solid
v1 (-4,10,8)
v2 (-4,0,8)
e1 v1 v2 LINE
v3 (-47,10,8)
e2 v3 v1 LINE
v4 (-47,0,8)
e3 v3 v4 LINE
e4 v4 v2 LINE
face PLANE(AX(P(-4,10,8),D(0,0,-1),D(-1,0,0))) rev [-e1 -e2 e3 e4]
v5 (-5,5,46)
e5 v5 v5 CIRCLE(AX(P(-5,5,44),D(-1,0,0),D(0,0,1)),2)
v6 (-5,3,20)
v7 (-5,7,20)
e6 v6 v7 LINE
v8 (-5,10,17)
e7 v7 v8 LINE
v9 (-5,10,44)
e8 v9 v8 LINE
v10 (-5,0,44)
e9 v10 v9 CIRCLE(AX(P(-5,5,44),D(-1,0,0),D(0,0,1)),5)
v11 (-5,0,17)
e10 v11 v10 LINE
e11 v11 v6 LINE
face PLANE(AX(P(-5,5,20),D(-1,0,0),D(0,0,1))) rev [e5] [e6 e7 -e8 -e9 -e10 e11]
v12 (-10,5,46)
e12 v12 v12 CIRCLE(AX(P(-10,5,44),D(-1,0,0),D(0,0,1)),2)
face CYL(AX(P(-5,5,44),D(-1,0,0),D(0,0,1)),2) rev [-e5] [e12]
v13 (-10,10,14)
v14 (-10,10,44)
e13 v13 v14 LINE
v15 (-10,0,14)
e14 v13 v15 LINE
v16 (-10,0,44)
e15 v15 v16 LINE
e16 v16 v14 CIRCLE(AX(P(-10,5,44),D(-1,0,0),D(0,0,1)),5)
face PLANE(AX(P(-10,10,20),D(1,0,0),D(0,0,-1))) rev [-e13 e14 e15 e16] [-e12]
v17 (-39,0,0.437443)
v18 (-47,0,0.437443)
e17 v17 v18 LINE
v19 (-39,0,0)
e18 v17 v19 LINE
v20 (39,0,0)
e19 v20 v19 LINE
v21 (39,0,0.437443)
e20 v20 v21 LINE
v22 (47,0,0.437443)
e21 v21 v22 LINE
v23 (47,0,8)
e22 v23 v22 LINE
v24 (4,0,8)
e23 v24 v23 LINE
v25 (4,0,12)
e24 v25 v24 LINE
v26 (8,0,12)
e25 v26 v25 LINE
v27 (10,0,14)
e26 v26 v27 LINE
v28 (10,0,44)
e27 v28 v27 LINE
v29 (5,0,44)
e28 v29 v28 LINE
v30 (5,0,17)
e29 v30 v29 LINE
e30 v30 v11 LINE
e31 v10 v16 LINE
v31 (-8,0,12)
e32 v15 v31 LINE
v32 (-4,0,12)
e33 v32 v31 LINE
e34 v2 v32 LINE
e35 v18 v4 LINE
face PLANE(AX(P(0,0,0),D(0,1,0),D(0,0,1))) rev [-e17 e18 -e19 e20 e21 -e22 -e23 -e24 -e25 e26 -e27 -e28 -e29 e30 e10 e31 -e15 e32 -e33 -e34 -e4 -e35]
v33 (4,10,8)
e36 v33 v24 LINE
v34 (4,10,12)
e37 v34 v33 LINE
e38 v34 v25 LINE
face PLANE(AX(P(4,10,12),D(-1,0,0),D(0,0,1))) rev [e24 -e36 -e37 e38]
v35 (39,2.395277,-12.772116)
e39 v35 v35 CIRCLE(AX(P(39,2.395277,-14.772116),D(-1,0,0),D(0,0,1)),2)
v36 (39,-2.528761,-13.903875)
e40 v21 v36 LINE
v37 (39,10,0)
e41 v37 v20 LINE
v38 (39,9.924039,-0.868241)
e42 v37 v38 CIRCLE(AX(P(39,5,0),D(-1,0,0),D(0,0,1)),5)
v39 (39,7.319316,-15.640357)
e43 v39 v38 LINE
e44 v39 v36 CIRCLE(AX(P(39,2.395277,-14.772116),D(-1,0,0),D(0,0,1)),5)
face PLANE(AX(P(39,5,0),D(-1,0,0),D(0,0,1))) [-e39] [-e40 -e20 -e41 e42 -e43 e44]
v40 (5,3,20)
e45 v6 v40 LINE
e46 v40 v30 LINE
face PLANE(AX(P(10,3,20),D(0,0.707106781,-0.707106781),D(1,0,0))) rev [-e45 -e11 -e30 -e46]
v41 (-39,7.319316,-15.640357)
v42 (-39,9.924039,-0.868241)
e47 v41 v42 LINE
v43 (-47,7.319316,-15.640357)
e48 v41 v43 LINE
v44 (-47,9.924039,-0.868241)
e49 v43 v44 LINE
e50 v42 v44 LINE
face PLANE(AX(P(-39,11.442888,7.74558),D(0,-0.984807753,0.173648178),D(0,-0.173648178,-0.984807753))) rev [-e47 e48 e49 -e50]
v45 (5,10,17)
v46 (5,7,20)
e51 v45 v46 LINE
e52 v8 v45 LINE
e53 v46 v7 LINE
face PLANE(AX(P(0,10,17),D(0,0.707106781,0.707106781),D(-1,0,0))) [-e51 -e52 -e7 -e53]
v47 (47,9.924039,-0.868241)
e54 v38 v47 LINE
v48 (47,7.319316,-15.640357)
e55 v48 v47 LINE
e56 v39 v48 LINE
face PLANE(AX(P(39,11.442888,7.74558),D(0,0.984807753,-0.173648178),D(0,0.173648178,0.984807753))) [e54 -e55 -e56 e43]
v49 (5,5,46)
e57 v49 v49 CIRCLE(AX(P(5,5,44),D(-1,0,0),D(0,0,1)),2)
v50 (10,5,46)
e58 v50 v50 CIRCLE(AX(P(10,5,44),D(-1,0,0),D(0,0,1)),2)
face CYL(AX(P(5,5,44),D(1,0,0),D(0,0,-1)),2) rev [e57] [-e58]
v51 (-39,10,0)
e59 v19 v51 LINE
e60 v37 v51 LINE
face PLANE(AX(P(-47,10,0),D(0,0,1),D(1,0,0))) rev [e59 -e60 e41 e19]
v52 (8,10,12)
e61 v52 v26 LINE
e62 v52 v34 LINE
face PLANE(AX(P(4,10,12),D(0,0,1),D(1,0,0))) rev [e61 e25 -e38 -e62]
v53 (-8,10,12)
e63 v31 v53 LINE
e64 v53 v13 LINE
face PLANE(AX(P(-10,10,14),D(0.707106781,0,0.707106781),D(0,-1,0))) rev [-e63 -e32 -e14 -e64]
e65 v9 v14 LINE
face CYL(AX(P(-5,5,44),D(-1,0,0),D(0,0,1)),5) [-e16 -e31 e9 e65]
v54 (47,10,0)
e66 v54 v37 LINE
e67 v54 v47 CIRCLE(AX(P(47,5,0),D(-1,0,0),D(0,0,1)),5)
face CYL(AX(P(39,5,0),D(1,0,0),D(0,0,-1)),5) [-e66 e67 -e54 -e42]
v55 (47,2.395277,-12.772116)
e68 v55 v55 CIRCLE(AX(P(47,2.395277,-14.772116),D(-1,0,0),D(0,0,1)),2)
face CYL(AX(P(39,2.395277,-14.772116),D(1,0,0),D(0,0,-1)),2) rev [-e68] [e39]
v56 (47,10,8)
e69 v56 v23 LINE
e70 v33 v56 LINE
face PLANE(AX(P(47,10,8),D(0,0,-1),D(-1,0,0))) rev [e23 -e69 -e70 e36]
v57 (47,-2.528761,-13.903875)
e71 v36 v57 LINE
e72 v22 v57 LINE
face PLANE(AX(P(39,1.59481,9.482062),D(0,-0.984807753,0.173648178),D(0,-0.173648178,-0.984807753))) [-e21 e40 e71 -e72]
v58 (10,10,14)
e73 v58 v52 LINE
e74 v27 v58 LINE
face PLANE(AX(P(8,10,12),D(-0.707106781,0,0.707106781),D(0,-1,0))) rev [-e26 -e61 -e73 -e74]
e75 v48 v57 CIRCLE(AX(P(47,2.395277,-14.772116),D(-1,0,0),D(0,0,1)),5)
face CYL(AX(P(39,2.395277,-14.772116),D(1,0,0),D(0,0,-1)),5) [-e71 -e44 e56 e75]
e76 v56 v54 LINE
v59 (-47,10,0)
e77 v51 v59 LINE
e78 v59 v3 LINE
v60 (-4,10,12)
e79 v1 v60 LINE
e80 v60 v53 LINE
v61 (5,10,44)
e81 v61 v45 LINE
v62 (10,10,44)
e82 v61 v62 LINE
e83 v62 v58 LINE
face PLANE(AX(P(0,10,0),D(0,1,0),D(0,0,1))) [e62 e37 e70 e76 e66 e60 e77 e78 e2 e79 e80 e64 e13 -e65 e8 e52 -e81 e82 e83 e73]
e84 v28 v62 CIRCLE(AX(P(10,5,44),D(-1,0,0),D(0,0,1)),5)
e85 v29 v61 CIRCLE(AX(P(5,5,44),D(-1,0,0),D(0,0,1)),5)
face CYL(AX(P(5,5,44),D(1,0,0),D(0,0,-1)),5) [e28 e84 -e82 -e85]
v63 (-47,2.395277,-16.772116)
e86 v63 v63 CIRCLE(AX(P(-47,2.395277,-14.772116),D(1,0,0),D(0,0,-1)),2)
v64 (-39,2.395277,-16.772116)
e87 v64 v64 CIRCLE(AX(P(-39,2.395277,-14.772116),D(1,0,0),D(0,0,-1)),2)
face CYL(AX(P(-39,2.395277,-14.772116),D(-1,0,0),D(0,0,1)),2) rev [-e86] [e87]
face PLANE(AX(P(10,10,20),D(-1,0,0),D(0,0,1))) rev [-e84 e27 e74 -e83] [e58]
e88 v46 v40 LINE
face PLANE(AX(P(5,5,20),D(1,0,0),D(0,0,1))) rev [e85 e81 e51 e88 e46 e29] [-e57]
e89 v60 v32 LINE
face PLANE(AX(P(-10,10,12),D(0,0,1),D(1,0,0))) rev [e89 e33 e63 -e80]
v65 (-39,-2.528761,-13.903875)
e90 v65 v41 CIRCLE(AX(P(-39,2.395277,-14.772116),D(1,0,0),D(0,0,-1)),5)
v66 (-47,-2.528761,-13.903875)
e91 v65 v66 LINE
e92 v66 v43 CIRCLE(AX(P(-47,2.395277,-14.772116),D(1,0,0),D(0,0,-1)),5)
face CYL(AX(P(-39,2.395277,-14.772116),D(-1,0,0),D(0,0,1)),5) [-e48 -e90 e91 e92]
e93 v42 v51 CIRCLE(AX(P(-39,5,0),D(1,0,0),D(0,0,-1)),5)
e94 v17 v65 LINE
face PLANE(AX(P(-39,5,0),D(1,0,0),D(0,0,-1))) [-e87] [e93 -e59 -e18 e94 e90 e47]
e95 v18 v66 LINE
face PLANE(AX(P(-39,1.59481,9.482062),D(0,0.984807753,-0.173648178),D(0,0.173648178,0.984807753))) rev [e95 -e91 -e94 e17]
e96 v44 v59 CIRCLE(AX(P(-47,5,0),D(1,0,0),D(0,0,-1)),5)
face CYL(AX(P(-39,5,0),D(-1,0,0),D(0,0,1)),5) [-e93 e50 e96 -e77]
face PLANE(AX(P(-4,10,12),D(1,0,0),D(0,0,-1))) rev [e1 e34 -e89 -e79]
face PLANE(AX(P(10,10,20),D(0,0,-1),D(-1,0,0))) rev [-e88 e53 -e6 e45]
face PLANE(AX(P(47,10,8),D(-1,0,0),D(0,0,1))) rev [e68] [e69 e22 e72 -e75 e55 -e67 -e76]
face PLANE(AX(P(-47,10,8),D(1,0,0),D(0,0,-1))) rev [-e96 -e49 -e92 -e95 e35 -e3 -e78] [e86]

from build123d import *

# Parameters (mm, degrees)
EXTRUDE_1_DEPTH = 10
EXTRUDE_START   = 47
SKETCH_6_R      = 2
EXTRUDE_2_DEPTH = 8
EXTRUDE_START_2 = -39
SKETCH_6_2_R    = 2
EXTRUDE_3_DEPTH = 8
CHAMFER_2_SIZE  = 2
SKETCH_7_R      = 2
EXTRUDE_4_DEPTH = 5
CHAMFER_3_SIZE  = 3


with BuildPart() as part:
    # 草图1 → 凸台-拉伸1 (new body)
    with BuildSketch(Plane(origin=(0, 0, 0), x_dir=(1, 0, 0), z_dir=(0, 1, 0))):
        Polygon((-47, 0), (47, 0), (47, -8), (4, -8), (4, -12), (10, -12), (10, -20), (-10, -20), (-10, -12), (-4, -12), (-4, -8), (-47, -8), align=None)
    extrude(amount=EXTRUDE_1_DEPTH)

    # 草图6 → 凸台-拉伸2 (add)
    with BuildSketch(Plane(origin=(0, 0, 0), x_dir=(0, 0, -1), z_dir=(1, 0, 0)).offset(EXTRUDE_START)):
        with BuildLine():
            Line((0.868240888, 9.924038765), (15.640357184, 7.3193161))
            ThreePointArc((15.640357184, 7.3193161), (19.69615506, 1.527036447), (13.903875407, -2.52876143))
            Line((13.903875407, -2.52876143), (-0.868240888, 0.075961235))
            ThreePointArc((-0.868240888, 0.075961235), (-4.924038765, 5.868240888), (0.868240888, 9.924038765))
        make_face()
        with Locations(Location((14.772116295, 2.395277335, 0), (0, 0, 180))):
            Circle(SKETCH_6_R, mode=Mode.SUBTRACT)
    extrude(amount=-EXTRUDE_2_DEPTH)

    # 草图6<2> → 凸台-拉伸3 (add)
    with BuildSketch(Plane(origin=(0, 0, 0), x_dir=(0, 0, -1), z_dir=(1, 0, 0)).offset(EXTRUDE_START_2)):
        with BuildLine():
            Line((0.868240888, 9.924038765), (15.640357184, 7.3193161))
            ThreePointArc((15.640357184, 7.3193161), (19.69615506, 1.527036447), (13.903875407, -2.52876143))
            Line((13.903875407, -2.52876143), (-0.868240888, 0.075961235))
            ThreePointArc((-0.868240888, 0.075961235), (-4.924038765, 5.868240888), (0.868240888, 9.924038765))
        make_face()
        with Locations(Location((14.772116295, 2.395277335, 0), (0, 0, 180))):
            Circle(SKETCH_6_2_R, mode=Mode.SUBTRACT)
    extrude(amount=-EXTRUDE_3_DEPTH)

    # 倒角2
    chamfer_2_edges = [part.edges().sort_by_distance(p)[0] for p in [
        (10, 5, 12),
        (-10, 5, 12),
    ]]
    chamfer(chamfer_2_edges, length=CHAMFER_2_SIZE)

    # 草图7 → 凸台-拉伸4 (add)
    with BuildSketch(Plane.ZY.offset(10)):
        with BuildLine():
            Line((20, 10), (44, 10))
            ThreePointArc((44, 10), (49, 5), (44, 0))
            Line((44, 0), (20, 0))
            ThreePointArc((20, 0), (15, 5), (20, 10))
        make_face()
        with Locations((44, 5)):
            Circle(SKETCH_7_R, mode=Mode.SUBTRACT)
    extrude_4 = extrude(amount=-EXTRUDE_4_DEPTH)

    # 镜向1: 凸台-拉伸4 across plane
    add(extrude_4.mirror(Plane(origin=(0, 0, 0), x_dir=(0, 0, 1), z_dir=(1, 0, 0))))

    # 倒角3
    chamfer_3_edges = [part.edges().sort_by_distance(p)[0] for p in [
        (0, 0, 20),
        (0, 10, 20),
    ]]
    chamfer(chamfer_3_edges, length=CHAMFER_3_SIZE)


solid = part.part
